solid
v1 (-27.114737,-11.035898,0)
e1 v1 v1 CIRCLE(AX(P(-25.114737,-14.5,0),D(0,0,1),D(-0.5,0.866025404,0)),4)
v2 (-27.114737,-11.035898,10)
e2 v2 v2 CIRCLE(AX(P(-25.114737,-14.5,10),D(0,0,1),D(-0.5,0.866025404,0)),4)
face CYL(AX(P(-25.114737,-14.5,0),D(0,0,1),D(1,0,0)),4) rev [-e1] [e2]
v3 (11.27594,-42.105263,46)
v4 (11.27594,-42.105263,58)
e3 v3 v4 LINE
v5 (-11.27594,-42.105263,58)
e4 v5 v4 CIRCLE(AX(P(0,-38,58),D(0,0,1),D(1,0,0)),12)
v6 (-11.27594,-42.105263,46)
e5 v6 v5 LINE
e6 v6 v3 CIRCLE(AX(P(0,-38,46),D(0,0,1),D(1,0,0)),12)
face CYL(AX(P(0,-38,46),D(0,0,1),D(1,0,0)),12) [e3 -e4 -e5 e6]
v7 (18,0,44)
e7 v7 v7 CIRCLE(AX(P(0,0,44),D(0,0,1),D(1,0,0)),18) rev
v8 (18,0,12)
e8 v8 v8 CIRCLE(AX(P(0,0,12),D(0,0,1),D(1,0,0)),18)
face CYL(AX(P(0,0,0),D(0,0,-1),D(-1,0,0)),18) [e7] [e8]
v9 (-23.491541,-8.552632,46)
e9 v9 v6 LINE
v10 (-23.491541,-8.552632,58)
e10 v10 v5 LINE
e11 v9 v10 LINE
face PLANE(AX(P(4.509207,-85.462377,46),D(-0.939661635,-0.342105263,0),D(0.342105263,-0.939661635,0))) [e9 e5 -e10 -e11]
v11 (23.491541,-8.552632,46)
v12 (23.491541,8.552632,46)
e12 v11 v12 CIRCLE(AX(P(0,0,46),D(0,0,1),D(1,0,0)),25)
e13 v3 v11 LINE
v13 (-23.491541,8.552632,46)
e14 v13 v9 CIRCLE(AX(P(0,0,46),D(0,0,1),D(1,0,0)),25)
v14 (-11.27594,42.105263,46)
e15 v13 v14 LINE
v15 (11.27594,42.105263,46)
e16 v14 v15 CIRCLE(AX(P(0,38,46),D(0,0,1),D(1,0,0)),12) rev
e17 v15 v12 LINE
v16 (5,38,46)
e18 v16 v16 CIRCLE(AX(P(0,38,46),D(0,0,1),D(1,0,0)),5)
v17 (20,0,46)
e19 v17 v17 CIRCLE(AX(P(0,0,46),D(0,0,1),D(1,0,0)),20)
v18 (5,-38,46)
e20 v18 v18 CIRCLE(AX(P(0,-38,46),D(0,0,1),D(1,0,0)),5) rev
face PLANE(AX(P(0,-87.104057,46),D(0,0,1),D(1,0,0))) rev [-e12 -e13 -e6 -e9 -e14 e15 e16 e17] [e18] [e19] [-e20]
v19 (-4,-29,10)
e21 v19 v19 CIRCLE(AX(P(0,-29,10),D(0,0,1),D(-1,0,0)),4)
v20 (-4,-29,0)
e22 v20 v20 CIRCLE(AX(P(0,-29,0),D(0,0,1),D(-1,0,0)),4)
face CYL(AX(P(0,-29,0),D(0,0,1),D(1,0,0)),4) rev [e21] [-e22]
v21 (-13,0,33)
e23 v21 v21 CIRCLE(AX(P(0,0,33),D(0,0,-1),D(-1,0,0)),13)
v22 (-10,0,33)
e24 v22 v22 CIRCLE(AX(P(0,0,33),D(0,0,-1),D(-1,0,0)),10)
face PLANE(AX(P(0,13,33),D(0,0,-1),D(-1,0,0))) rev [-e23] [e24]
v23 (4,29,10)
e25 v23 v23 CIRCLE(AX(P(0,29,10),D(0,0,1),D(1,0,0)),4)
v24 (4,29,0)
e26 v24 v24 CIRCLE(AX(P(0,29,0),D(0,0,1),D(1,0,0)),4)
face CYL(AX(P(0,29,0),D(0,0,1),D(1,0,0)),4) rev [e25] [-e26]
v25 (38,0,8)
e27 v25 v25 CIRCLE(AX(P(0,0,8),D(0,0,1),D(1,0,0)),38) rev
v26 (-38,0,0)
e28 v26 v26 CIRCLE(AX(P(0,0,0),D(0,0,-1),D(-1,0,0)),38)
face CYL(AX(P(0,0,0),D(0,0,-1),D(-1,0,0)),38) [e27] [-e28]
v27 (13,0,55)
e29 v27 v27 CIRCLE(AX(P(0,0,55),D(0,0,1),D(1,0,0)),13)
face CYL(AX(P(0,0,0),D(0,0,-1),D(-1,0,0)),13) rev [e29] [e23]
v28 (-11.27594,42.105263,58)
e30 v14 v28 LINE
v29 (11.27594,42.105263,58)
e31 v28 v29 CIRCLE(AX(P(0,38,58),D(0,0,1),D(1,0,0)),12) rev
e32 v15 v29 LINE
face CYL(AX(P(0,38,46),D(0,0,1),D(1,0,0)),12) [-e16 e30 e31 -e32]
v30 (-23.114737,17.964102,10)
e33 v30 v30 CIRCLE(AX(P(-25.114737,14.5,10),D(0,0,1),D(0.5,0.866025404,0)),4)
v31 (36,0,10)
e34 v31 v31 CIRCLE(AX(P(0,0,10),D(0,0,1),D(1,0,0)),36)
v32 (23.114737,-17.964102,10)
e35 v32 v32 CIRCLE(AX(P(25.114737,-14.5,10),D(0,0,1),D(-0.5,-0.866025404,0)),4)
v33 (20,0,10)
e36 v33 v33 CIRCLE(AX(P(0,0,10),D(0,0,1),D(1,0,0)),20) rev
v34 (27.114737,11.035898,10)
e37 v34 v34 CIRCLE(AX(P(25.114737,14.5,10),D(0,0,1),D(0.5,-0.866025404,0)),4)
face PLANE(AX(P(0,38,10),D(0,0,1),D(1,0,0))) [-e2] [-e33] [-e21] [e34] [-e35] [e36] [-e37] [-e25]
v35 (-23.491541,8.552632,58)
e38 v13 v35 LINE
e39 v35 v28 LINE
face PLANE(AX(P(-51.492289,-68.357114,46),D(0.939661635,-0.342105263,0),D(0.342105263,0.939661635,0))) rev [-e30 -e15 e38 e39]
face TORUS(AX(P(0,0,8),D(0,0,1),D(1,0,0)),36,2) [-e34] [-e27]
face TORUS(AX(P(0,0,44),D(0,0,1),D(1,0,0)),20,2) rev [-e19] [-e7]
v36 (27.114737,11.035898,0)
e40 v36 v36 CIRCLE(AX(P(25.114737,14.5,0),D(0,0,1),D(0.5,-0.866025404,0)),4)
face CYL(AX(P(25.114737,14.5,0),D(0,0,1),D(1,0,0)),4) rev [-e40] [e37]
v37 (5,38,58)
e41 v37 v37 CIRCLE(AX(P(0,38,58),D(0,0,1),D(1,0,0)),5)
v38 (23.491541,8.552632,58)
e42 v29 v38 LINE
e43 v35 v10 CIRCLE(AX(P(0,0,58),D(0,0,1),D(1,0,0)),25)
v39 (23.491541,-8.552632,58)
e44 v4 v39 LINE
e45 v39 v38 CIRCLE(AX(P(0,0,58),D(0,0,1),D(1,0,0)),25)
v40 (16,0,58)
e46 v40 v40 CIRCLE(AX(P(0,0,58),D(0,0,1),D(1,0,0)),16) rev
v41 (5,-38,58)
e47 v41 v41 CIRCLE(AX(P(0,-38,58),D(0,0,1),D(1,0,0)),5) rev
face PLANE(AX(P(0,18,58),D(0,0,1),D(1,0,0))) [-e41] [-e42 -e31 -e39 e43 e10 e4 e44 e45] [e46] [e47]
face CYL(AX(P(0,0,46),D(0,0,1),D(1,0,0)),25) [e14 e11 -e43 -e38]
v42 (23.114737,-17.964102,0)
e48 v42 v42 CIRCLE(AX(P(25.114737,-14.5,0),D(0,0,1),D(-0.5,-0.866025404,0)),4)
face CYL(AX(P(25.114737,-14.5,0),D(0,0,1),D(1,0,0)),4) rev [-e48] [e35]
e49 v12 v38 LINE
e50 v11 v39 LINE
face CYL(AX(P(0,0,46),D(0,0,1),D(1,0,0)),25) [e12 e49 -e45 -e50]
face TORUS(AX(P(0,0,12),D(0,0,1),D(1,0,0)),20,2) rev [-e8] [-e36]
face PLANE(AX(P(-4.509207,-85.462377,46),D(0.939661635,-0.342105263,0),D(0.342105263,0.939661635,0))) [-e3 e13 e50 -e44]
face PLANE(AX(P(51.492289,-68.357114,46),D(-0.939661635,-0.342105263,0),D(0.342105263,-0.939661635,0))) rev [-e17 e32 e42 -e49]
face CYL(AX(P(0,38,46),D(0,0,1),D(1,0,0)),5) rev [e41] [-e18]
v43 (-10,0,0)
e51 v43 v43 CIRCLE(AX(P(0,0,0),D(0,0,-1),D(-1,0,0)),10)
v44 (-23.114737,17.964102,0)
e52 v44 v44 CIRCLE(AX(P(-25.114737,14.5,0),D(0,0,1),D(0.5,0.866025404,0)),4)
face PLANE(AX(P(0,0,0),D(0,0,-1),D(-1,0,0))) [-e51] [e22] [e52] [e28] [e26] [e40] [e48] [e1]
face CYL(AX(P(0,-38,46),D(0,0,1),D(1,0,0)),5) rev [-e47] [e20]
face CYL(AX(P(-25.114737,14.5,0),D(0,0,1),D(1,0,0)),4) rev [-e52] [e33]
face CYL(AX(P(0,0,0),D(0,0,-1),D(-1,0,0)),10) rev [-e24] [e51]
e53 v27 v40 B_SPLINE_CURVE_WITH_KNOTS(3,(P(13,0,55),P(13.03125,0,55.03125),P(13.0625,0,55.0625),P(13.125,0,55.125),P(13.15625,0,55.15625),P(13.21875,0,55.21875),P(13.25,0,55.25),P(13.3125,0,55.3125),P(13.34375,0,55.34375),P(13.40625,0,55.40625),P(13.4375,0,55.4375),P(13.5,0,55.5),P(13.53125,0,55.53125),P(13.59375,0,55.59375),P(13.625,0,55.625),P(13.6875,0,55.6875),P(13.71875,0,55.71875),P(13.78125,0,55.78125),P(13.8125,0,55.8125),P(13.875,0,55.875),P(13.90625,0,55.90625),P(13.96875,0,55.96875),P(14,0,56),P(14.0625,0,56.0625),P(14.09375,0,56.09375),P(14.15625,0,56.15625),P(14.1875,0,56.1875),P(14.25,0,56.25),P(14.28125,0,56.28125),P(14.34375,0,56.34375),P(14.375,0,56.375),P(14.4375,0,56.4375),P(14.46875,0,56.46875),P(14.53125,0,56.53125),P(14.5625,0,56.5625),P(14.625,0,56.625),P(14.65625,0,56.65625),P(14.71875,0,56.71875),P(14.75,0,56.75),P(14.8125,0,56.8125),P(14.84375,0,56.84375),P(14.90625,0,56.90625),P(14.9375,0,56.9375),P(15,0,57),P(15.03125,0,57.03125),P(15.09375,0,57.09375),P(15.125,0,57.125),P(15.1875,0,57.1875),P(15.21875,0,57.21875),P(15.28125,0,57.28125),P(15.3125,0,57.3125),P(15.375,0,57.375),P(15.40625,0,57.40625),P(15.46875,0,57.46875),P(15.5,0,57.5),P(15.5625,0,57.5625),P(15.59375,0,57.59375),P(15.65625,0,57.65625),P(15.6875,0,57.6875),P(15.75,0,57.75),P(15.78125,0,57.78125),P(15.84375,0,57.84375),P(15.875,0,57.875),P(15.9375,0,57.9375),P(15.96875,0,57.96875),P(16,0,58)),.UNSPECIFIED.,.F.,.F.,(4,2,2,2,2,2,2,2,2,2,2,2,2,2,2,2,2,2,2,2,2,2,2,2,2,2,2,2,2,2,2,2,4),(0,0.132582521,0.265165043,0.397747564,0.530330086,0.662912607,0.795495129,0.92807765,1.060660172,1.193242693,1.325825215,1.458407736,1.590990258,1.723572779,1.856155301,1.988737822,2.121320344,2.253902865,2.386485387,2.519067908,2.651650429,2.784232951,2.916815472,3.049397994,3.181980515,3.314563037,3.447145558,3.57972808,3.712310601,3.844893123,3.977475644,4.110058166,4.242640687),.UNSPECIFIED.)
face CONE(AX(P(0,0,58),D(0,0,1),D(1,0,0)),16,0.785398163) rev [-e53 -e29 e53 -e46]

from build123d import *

# Parameters (mm, degrees)
SKETCH_2_R               = 4
CUT_EXTRUDE_1_DEPTH      = 73.055534139
PATTERN_CIRCULAR_1_COUNT = 6
SKETCH_3_R               = 5
SKETCH_3_R_2             = 25
SKETCH_3_R_3             = 18
EXTRUDE_2_DEPTH          = 12
CHAMFER_1_SIZE           = 3
FILLET_1_R               = 2


with BuildPart() as part:
    # 草圖1 → 旋轉1 (revolve)
    with BuildSketch(Plane(origin=(0, 0, 0), x_dir=(0, 0, -1), z_dir=(1, 0, 0)), mode=Mode.PRIVATE) as revolve_1_sk:
        Polygon((0, 0), (0, 38), (-10, 38), (-10, 18), (-58, 18), (-58, 0), align=None)
    revolve(revolve_1_sk.sketch.rotate(Axis((0, 0, 0), (0, 0, 1)), 90), axis=Axis((0, 0, 0), (0, 0, 1)))

    # 草圖2 → 伸長1 (cut, through all)
    with BuildSketch(Plane.XY.offset(10)):
        with Locations((0, 29)):
            Circle(SKETCH_2_R)
    cut_extrude_1 = extrude(amount=-CUT_EXTRUDE_1_DEPTH, mode=Mode.SUBTRACT)

    # 環狀複製排列1: 伸長1 ×6 about axis
    pattern_circular_1_axis = Axis((0, 0, 0), (0, 0, 1))
    for i in range(1, PATTERN_CIRCULAR_1_COUNT):
        add(cut_extrude_1.rotate(pattern_circular_1_axis, i * 360 / PATTERN_CIRCULAR_1_COUNT), mode=Mode.SUBTRACT)

    # 草圖3 → 伸長2 (add)
    # profile 1 of 3: a face of its own
    with BuildSketch(Plane.XY.offset(58)):
        with BuildLine():
            Line((-11.275939624, 42.105263158), (-23.491540883, 8.552631579))
            ThreePointArc((-23.491540883, 8.552631579), (0, 25), (23.491540883, 8.552631579))
            Line((23.491540883, 8.552631579), (11.275939624, 42.105263158))
            ThreePointArc((11.275939624, 42.105263158), (0, 50), (-11.275939624, 42.105263158))
        make_face()
        with Locations((0, 38)):
            Circle(SKETCH_3_R, mode=Mode.SUBTRACT)
    # profile 2 of 3: a face of its own
    with BuildSketch(Plane.XY.offset(58)):
        Circle(SKETCH_3_R_2)
        with Locations(Location((0, 0, 0), (0, 0, 180))):
            Circle(SKETCH_3_R_3, mode=Mode.SUBTRACT)
    # profile 3 of 3: a face of its own
    with BuildSketch(Plane.XY.offset(58)):
        with BuildLine():
            ThreePointArc((23.491540883, -8.552631579), (0, -25), (-23.491540883, -8.552631579))
            Line((-23.491540883, -8.552631579), (-11.275939624, -42.105263158))
            ThreePointArc((-11.275939624, -42.105263158), (0, -50), (11.275939624, -42.105263158))
            Line((11.275939624, -42.105263158), (23.491540883, -8.552631579))
        make_face()
        with Locations((0, -38)):
            Circle(SKETCH_3_R, mode=Mode.SUBTRACT)
    extrude(amount=-EXTRUDE_2_DEPTH)

    # 草圖4 → 除料-旋轉1 (revolve, cut)
    with BuildSketch(Plane(origin=(0, 0, 0), x_dir=(0, 0, -1), z_dir=(1, 0, 0)), mode=Mode.PRIVATE) as cut_revolve_1_sk:
        Polygon((-58, 0), (-58, 13), (-33, 13), (-33, 10), (0, 10), (0, 0), align=None)
    revolve(cut_revolve_1_sk.sketch.rotate(Axis((0, 0, 0), (0, 0, 1)), 90), axis=Axis((0, 0, 0), (0, 0, 1)), mode=Mode.SUBTRACT)

    # 導角1
    chamfer_1_edges = [part.edges().sort_by_distance(p)[0] for p in [
        (13, 0, 58),
    ]]
    chamfer(chamfer_1_edges, length=CHAMFER_1_SIZE)

    # 圓角1
    fillet_1_edges = [part.edges().sort_by_distance(p)[0] for p in [
        (18, 0, 46),
        (18, 0, 10),
        (38, 0, 10),
    ]]
    fillet(fillet_1_edges, radius=FILLET_1_R)


solid = part.part
